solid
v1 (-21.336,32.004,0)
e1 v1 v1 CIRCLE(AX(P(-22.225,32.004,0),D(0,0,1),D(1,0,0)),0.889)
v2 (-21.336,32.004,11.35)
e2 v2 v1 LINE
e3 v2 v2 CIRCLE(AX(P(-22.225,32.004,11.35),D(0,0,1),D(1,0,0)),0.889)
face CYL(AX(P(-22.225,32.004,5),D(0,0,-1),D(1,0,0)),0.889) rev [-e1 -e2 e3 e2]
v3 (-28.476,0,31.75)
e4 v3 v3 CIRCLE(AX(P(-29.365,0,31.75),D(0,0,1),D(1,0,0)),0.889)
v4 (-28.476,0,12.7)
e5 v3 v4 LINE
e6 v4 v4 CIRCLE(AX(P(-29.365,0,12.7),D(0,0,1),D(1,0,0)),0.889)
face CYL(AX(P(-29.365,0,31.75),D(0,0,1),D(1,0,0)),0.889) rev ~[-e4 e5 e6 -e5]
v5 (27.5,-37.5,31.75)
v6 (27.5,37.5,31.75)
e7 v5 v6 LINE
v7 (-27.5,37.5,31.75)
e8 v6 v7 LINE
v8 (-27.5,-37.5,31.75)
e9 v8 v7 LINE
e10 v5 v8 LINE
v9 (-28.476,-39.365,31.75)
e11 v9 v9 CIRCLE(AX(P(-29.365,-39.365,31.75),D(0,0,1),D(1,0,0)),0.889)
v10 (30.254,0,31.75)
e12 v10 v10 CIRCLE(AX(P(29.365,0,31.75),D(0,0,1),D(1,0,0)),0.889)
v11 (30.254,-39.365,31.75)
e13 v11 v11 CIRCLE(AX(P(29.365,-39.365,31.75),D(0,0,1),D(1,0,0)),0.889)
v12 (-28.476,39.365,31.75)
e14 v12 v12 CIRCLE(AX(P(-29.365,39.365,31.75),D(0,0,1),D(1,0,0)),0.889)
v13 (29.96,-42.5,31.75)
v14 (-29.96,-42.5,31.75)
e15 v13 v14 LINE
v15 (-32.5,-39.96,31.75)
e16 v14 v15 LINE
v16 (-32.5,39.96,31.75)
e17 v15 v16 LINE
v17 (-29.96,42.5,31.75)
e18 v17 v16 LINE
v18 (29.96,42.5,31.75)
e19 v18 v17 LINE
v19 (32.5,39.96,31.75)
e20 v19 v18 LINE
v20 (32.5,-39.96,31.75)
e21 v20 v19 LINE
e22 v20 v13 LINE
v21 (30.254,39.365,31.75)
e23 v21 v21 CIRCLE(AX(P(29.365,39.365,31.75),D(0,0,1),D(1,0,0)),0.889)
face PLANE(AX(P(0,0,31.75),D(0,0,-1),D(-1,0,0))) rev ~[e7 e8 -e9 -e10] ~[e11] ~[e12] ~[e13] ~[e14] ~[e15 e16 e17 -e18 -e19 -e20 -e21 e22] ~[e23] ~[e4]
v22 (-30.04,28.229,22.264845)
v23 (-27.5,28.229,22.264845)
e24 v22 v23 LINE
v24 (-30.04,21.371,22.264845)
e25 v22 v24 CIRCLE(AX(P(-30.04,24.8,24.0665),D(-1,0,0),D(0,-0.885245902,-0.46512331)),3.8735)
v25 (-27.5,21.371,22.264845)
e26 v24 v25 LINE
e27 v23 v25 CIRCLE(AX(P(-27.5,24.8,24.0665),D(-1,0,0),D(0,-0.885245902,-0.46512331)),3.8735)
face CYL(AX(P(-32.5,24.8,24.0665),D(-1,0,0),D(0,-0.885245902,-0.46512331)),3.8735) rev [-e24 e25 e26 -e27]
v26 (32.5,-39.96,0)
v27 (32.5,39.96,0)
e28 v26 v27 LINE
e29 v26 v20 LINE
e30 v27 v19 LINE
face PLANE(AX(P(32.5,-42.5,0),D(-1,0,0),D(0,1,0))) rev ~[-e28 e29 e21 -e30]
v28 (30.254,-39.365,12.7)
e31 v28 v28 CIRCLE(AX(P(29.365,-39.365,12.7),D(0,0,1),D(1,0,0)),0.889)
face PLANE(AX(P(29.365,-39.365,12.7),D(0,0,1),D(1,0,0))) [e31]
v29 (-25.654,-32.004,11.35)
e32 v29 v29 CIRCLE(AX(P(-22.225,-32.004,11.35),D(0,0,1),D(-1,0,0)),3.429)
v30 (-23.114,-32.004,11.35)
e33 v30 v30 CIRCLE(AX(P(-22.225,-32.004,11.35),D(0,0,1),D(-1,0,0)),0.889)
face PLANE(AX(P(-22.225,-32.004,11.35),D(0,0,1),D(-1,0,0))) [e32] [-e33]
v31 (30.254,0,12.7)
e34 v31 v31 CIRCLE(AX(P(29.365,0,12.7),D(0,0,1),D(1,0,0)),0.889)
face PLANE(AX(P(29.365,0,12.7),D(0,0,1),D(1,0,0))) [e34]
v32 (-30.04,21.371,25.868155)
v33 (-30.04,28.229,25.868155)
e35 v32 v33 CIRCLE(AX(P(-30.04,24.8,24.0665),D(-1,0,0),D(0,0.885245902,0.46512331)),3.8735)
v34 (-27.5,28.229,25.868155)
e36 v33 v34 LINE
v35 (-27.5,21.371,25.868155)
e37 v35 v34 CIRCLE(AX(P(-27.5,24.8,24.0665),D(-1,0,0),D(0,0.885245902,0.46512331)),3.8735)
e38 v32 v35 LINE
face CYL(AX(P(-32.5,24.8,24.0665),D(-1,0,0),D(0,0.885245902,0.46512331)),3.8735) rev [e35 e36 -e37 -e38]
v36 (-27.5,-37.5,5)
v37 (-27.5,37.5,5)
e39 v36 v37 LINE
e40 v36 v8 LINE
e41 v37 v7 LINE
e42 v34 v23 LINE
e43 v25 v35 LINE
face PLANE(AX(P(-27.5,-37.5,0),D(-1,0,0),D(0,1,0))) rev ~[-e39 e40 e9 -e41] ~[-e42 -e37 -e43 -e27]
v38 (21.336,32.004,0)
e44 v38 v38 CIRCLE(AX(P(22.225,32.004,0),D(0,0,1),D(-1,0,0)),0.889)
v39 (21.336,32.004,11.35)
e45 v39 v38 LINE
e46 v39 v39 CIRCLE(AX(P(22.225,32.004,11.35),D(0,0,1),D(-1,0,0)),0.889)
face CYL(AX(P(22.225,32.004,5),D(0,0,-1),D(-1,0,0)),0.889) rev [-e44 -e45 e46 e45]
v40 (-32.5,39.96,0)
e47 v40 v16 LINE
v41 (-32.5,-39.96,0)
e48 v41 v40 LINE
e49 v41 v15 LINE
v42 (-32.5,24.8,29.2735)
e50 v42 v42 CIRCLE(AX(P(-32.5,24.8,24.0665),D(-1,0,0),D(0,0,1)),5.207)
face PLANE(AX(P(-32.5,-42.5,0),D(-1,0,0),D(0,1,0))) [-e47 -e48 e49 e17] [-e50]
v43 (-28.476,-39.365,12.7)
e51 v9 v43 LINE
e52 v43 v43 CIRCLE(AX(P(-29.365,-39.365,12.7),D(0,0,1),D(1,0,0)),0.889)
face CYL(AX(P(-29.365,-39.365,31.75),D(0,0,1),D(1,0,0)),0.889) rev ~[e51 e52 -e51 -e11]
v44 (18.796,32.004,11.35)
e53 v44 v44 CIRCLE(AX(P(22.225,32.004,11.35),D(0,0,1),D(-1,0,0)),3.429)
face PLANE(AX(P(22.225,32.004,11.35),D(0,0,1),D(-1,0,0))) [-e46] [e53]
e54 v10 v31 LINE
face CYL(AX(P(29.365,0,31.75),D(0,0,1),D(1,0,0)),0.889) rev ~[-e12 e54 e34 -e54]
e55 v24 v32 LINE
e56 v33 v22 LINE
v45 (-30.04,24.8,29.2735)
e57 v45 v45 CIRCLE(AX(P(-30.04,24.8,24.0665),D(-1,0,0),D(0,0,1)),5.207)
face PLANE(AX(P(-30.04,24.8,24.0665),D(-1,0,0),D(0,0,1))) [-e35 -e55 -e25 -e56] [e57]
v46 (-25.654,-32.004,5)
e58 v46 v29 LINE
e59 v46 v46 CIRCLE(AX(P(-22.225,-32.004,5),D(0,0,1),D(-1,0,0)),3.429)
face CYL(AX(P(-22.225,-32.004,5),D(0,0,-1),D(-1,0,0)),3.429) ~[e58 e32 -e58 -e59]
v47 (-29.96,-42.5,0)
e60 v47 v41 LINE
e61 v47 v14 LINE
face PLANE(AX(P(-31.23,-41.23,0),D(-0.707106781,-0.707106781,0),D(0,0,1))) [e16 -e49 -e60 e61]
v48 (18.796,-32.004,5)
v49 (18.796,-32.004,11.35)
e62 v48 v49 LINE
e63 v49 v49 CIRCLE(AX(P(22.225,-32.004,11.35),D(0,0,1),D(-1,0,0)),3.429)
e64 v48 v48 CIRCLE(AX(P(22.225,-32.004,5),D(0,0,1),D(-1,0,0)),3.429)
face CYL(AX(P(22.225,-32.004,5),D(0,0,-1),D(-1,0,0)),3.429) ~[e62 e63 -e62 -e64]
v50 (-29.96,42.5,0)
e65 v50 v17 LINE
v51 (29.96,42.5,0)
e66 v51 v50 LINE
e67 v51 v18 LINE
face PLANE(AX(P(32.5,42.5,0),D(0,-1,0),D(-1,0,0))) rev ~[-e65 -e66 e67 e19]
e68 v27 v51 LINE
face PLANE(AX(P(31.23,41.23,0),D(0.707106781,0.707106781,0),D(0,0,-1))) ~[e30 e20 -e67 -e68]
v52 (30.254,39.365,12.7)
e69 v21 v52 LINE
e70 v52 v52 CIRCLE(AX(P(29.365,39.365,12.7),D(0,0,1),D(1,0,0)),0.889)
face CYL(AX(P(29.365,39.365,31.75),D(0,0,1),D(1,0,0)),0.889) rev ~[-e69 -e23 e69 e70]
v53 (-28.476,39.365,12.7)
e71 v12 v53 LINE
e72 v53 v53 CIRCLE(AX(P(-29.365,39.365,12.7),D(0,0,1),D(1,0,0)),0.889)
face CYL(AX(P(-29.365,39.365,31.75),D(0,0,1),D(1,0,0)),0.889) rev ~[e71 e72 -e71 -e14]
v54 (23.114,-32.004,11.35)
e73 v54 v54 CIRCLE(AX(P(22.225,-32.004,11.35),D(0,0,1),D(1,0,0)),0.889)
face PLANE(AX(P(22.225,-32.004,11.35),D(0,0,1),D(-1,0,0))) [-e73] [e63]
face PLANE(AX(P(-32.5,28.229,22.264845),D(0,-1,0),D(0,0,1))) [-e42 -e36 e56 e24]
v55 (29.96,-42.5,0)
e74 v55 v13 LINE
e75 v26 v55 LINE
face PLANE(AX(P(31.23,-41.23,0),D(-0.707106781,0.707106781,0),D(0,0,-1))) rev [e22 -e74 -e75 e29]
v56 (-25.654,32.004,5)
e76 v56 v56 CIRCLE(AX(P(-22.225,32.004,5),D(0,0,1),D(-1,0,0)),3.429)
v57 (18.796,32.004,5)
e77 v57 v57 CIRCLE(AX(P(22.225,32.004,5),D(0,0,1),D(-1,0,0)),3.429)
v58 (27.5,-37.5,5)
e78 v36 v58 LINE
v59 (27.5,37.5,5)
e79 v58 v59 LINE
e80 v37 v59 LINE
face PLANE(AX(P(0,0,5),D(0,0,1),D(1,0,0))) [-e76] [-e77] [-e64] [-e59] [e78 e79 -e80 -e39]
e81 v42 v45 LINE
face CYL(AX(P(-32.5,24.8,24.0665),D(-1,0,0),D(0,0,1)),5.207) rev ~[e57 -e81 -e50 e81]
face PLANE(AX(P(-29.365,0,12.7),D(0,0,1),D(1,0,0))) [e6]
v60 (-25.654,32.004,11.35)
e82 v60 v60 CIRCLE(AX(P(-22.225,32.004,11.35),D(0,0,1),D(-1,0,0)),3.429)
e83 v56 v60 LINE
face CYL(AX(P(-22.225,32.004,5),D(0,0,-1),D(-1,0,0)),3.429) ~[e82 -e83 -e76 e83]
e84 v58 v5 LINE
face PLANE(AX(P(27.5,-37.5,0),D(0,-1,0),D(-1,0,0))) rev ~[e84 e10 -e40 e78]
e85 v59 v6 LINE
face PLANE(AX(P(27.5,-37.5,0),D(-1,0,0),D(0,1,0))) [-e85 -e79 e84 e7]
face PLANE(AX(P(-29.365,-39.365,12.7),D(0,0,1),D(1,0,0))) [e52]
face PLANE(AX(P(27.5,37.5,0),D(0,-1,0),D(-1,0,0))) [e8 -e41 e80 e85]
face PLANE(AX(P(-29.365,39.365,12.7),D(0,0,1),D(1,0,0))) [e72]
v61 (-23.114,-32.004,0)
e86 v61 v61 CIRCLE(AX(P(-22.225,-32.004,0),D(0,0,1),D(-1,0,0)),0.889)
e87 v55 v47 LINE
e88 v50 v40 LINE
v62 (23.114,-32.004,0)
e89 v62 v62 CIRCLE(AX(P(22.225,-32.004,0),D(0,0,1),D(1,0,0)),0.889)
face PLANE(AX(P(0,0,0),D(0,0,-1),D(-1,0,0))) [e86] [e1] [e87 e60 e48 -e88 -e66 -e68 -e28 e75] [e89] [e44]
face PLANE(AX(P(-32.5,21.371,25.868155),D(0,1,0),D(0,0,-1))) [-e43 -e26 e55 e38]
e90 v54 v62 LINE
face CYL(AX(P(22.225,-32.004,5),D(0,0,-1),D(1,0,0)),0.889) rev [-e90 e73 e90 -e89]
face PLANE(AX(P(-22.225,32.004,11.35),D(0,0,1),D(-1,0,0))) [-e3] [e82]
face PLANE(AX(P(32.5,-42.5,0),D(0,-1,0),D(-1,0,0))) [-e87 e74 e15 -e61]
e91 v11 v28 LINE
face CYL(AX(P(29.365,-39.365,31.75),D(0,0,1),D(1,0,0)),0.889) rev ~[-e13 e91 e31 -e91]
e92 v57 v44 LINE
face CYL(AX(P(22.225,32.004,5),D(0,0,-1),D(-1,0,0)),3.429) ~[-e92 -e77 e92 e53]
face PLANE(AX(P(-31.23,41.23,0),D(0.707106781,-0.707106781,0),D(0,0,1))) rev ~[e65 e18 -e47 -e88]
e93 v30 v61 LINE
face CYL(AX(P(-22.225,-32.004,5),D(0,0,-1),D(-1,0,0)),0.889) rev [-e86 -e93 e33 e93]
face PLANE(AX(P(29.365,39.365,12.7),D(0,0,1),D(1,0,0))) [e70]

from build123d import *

# Parameters (mm, degrees)
SKETCH1_W           = 55
SKETCH1_H           = 75
SKETCH1_R           = 0.889
BOSS_EXTRUDE1_DEPTH = 5
SKETCH2_W           = 65
SKETCH2_H           = 85
SKETCH2_W_2         = 55
SKETCH2_H_2         = 75
BOSS_EXTRUDE2_DEPTH = 31.75
CUT_EXTRUDE1_REACH  = 85.901
SKETCH4_R           = 5.207
CUT_EXTRUDE2_DEPTH  = 2.46
CHAMFER1_SIZE       = 2.54
SKETCH5_R           = 0.889
CUT_EXTRUDE3_DEPTH  = 19.05
SKETCH6_R           = 3.429
SKETCH6_R_2         = 0.889
BOSS_EXTRUDE3_DEPTH = 6.35


with BuildPart() as part:
    # Sketch1 → Boss-Extrude1 (new body)
    with BuildSketch(Plane.XY):
        Rectangle(SKETCH1_W, SKETCH1_H)
        with Locations((-22.225, 32.004)):
            Circle(SKETCH1_R, mode=Mode.SUBTRACT)
        with Locations(Location((-22.225, -32.004, 0), (0, 0, 180))):
            Circle(SKETCH1_R, mode=Mode.SUBTRACT)
        with Locations((22.225, -32.004)):
            Circle(SKETCH1_R, mode=Mode.SUBTRACT)
        with Locations(Location((22.225, 32.004, 0), (0, 0, 180))):
            Circle(SKETCH1_R, mode=Mode.SUBTRACT)
    extrude(amount=BOSS_EXTRUDE1_DEPTH)

    # Sketch2 → Boss-Extrude2 (add)
    with BuildSketch(Plane(origin=(0, 0, 0), x_dir=(-1, 0, 0), z_dir=(0, 0, -1))):
        Rectangle(SKETCH2_W, SKETCH2_H)
        Rectangle(SKETCH2_W_2, SKETCH2_H_2, mode=Mode.SUBTRACT)
    extrude(amount=-BOSS_EXTRUDE2_DEPTH)

    # Sketch3 → Cut-Extrude1 (cut, up to next)
    with BuildSketch(Plane.ZY.offset(32.5), mode=Mode.PRIVATE) as cut_extrude1_sk1:
        with BuildLine():
            Line((25.868155142, 21.371), (22.264844858, 21.371))
            ThreePointArc((22.264844858, 21.371), (20.193, 24.8), (22.264844858, 28.229))
            Line((22.264844858, 28.229), (25.868155142, 28.229))
            ThreePointArc((25.868155142, 28.229), (27.94, 24.8), (25.868155142, 21.371))
        make_face()
    cut_extrude1_tool1 = extrude(cut_extrude1_sk1.sketch, amount=-CUT_EXTRUDE1_REACH, mode=Mode.PRIVATE) & part.part
    add(cut_extrude1_tool1.solids().sort_by_distance((-32.5, 24.8, 24.0665))[0], mode=Mode.SUBTRACT)

    # Sketch4 → Cut-Extrude2 (cut)
    with BuildSketch(Plane.ZY.offset(32.5)):
        with Locations((24.0665, 24.8)):
            Circle(SKETCH4_R)
    extrude(amount=-CUT_EXTRUDE2_DEPTH, mode=Mode.SUBTRACT)

    # Chamfer1
    chamfer1_edges = [part.edges().sort_by_distance(p)[0] for p in [
        (32.5, 42.5, 15.875),
        (-32.5, 42.5, 15.875),
        (-32.5, -42.5, 15.875),
        (32.5, -42.5, 15.875),
    ]]
    chamfer(chamfer1_edges, length=CHAMFER1_SIZE)

    # Sketch5 → Cut-Extrude3 (cut)
    with BuildSketch(Plane.XY.offset(31.75)):
        with Locations((29.365, 39.365)):
            Circle(SKETCH5_R)
        with Locations((29.365, -39.365)):
            Circle(SKETCH5_R)
        with Locations((-29.365, -39.365)):
            Circle(SKETCH5_R)
        with Locations((-29.365, 39.365)):
            Circle(SKETCH5_R)
        with Locations((29.365, 0)):
            Circle(SKETCH5_R)
        with Locations((-29.365, 0)):
            Circle(SKETCH5_R)
    extrude(amount=-CUT_EXTRUDE3_DEPTH, mode=Mode.SUBTRACT)

    # Sketch6 → Boss-Extrude3 (add)
    # profile 1 of 4: a face of its own
    with BuildSketch(Plane.XY.offset(5)):
        with Locations(Location((-22.225, 32.004, 0), (0, 0, 180))):
            Circle(SKETCH6_R)
        with Locations((-22.225, 32.004)):
            Circle(SKETCH6_R_2, mode=Mode.SUBTRACT)
    # profile 2 of 4: a face of its own
    with BuildSketch(Plane.XY.offset(5)):
        with Locations(Location((-22.225, -32.004, 0), (0, 0, 180))):
            Circle(SKETCH6_R)
        with Locations(Location((-22.225, -32.004, 0), (0, 0, 180))):
            Circle(SKETCH6_R_2, mode=Mode.SUBTRACT)
    # profile 3 of 4: a face of its own
    with BuildSketch(Plane.XY.offset(5)):
        with Locations(Location((22.225, -32.004, 0), (0, 0, 180))):
            Circle(SKETCH6_R)
        with Locations((22.225, -32.004)):
            Circle(SKETCH6_R_2, mode=Mode.SUBTRACT)
    # profile 4 of 4: a face of its own
    with BuildSketch(Plane.XY.offset(5)):
        with Locations(Location((22.225, 32.004, 0), (0, 0, 180))):
            Circle(SKETCH6_R)
        with Locations(Location((22.225, 32.004, 0), (0, 0, 180))):
            Circle(SKETCH6_R_2, mode=Mode.SUBTRACT)
    extrude(amount=BOSS_EXTRUDE3_DEPTH)


solid = part.part
